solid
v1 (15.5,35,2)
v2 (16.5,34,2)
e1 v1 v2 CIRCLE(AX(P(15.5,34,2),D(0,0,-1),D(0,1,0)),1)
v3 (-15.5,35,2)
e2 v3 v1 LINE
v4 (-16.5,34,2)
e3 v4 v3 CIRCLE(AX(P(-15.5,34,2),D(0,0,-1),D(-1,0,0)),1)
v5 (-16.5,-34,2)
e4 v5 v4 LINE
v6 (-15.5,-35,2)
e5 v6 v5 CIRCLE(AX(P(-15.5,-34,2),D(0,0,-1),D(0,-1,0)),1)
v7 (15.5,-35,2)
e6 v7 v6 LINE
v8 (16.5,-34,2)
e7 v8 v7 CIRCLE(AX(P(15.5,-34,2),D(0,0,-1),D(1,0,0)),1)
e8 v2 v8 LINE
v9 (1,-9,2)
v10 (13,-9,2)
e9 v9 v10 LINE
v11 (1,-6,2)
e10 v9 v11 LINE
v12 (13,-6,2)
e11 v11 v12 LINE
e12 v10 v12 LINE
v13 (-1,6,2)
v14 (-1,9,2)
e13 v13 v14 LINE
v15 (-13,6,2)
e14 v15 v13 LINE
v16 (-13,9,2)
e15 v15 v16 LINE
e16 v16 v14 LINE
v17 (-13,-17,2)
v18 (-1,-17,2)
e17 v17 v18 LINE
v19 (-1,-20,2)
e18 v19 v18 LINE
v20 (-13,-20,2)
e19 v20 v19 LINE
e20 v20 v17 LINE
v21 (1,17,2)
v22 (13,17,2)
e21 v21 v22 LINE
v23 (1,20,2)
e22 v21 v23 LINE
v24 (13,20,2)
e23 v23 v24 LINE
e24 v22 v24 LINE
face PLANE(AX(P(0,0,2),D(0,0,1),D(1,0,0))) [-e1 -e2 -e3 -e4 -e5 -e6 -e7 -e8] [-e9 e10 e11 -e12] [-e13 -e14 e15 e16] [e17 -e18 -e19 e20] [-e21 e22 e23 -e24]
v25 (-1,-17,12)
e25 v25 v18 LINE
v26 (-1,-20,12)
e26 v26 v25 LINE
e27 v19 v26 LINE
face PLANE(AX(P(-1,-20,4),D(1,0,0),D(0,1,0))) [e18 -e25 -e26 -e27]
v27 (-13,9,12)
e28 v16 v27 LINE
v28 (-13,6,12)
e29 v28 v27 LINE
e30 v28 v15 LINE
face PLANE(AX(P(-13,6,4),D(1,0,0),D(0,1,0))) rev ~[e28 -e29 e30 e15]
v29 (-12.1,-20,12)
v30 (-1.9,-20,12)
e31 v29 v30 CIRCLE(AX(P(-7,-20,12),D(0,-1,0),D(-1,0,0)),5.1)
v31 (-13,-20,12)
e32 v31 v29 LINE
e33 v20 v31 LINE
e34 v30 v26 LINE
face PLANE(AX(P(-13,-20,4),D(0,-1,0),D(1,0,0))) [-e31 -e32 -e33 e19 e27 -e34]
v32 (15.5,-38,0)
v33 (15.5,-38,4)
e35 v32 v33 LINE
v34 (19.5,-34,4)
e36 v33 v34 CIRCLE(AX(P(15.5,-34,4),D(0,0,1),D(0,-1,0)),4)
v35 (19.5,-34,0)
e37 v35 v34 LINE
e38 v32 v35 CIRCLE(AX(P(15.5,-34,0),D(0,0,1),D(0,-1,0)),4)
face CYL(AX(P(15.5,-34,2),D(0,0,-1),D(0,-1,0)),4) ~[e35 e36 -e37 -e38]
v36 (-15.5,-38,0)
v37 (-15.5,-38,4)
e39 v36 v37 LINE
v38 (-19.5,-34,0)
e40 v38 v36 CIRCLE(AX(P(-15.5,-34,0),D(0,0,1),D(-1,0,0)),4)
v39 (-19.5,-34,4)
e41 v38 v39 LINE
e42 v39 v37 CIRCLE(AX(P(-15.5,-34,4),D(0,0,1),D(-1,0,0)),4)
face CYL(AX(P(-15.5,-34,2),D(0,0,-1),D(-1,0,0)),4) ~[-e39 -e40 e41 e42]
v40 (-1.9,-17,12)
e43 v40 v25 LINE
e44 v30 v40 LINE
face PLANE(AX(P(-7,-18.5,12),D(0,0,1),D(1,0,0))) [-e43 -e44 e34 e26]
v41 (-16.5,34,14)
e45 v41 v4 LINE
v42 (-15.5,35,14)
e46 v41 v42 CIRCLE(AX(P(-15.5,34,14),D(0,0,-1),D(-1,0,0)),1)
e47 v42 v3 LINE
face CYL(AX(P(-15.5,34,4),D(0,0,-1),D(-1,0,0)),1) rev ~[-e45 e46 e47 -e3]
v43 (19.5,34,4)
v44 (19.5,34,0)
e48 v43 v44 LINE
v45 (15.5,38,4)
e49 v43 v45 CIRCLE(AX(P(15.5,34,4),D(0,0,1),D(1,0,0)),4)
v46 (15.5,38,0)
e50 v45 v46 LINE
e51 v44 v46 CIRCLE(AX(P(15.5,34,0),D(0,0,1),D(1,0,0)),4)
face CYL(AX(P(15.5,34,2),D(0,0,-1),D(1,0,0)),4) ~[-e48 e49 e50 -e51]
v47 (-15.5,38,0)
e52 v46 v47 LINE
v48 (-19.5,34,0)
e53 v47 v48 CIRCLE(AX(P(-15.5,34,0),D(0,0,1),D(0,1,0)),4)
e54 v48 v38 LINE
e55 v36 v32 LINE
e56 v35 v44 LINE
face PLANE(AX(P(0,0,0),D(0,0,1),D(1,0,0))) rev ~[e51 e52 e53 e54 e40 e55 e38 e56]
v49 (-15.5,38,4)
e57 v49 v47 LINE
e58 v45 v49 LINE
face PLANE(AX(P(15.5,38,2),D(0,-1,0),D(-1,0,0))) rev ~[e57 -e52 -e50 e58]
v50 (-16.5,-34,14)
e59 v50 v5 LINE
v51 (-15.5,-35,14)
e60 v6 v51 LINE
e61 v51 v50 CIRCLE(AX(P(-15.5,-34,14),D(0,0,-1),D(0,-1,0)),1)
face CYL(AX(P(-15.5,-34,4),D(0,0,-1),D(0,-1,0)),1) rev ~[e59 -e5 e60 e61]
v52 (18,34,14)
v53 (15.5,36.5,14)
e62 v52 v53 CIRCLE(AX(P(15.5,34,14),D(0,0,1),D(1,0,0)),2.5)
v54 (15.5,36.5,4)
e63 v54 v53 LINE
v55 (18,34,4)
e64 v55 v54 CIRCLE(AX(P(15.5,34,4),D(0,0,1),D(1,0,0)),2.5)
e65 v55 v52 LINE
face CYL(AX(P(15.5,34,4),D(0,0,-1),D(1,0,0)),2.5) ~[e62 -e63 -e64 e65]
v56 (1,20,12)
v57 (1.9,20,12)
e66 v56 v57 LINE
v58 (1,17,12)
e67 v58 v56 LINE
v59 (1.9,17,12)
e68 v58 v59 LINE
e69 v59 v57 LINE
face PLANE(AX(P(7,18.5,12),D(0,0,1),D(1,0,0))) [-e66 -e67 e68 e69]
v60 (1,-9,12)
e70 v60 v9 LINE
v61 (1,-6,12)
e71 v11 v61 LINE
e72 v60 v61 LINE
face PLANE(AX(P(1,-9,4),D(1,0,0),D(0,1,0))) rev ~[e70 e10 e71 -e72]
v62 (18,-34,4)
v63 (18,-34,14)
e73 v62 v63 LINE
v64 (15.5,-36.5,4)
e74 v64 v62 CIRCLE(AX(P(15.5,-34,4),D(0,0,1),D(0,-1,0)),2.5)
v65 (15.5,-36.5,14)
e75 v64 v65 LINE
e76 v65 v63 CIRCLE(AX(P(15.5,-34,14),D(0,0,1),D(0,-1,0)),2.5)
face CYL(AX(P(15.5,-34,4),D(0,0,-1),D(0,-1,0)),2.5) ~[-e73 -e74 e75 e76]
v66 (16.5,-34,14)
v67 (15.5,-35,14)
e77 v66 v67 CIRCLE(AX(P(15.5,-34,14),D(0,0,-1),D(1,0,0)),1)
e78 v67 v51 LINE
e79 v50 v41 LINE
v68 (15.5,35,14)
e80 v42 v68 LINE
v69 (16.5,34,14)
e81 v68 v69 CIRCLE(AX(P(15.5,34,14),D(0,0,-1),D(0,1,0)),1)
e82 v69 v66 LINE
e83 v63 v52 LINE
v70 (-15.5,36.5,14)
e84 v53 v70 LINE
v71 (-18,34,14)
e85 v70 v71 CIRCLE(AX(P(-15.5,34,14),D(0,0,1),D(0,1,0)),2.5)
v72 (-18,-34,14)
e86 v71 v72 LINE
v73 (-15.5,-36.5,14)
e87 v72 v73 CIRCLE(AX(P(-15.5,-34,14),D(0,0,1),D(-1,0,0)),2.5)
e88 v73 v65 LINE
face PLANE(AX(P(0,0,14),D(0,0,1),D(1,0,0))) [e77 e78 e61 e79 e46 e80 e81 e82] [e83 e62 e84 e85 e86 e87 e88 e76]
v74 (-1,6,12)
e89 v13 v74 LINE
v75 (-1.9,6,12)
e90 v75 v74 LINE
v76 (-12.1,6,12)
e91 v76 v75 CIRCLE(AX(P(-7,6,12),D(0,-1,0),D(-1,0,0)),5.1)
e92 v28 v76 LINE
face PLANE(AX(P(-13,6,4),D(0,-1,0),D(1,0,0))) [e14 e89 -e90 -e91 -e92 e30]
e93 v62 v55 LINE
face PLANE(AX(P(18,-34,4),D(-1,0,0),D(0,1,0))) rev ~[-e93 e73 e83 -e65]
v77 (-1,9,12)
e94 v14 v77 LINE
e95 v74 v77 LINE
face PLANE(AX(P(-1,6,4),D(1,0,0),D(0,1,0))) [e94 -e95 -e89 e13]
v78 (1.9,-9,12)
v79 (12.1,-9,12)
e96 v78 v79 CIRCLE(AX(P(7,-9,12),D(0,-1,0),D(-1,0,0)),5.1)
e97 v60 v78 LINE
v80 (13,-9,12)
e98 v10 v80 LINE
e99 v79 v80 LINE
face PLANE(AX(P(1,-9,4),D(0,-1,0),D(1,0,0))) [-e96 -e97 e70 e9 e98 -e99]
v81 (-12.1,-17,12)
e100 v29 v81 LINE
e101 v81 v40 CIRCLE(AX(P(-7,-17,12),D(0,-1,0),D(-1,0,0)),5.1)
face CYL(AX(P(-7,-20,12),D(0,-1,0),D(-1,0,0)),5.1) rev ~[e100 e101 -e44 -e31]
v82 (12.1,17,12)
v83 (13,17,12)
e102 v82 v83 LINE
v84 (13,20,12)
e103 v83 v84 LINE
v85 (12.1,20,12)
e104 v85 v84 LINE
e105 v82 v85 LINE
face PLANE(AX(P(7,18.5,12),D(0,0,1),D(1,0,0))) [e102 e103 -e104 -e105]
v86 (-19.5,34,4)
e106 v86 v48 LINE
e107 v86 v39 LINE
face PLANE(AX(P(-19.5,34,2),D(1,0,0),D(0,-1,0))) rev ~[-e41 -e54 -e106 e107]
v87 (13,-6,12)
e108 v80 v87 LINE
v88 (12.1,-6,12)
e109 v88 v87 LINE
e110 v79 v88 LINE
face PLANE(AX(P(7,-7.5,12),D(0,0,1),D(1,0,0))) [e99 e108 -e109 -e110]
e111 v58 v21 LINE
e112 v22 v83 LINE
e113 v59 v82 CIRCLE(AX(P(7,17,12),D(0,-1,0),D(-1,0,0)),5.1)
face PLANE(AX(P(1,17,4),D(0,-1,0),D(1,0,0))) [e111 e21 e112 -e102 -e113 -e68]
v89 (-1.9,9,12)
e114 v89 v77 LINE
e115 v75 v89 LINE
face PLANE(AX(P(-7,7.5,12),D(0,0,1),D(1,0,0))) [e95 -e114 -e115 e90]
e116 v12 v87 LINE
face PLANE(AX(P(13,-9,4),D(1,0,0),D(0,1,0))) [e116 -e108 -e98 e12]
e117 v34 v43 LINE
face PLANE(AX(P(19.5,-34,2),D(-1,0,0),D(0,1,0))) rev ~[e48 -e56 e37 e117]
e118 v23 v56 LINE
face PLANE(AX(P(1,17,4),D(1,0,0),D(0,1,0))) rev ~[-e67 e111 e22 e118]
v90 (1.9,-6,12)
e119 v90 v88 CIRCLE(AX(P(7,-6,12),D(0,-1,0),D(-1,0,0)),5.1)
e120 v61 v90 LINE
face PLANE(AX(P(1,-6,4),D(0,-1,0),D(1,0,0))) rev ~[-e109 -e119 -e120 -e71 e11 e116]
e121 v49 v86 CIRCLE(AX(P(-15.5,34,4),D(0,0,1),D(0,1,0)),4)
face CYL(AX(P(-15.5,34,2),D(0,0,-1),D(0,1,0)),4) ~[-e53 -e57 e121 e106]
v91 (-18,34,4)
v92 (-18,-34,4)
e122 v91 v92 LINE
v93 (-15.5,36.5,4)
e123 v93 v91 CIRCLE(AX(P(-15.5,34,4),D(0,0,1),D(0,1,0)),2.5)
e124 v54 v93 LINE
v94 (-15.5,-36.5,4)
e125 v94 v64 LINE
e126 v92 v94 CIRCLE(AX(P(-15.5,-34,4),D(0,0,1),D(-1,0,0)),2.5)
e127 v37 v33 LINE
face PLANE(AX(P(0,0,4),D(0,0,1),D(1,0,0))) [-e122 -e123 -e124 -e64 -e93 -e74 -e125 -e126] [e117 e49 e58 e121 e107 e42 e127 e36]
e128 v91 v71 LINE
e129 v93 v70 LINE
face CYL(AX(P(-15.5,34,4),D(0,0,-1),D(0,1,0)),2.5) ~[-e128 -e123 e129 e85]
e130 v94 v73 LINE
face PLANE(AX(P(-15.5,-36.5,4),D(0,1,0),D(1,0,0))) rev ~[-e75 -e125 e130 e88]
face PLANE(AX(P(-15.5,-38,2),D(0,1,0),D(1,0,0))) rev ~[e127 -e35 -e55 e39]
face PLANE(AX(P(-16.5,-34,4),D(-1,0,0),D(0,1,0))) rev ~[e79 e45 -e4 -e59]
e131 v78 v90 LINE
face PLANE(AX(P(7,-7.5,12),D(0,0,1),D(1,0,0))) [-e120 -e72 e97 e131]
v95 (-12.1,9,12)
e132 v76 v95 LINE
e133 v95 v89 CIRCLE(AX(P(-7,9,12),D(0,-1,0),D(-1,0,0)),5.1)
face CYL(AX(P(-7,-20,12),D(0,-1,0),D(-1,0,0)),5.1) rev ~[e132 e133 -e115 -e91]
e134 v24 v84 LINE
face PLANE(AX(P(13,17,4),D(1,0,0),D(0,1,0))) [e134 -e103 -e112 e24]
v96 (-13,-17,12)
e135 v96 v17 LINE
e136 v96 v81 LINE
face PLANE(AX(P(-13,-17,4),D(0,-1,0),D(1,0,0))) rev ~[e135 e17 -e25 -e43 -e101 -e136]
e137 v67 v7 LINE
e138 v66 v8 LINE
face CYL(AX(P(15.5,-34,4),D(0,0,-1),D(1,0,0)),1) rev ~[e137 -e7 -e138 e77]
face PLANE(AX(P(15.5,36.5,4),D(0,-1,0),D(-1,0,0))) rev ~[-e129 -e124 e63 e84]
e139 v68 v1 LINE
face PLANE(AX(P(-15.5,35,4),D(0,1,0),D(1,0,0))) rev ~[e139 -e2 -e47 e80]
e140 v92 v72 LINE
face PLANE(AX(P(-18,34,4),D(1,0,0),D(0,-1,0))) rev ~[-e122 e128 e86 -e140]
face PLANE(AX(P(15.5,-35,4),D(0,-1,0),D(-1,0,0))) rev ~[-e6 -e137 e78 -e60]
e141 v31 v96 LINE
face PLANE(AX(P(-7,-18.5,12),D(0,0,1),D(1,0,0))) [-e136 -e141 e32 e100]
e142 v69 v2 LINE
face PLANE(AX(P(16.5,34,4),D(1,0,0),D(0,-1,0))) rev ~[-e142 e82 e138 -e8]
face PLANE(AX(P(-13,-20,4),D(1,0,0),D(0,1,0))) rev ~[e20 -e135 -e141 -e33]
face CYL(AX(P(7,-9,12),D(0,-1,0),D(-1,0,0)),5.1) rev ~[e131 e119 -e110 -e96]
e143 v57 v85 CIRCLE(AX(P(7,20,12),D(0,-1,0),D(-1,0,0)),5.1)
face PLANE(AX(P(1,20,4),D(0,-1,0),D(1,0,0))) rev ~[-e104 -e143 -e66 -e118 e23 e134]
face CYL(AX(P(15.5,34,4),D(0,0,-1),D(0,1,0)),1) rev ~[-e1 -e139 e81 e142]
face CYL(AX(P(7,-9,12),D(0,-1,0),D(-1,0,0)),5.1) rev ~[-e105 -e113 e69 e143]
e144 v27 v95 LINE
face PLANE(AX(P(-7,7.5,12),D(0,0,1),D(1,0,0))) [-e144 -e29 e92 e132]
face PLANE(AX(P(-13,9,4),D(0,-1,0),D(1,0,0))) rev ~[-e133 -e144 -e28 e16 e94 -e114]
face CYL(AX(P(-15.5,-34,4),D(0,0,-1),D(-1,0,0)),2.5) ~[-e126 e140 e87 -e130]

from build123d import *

# Parameters (mm, degrees)
F1_DEPTH      = 2
F3_DEPTH      = 2
F5_W          = 12
F5_H          = 3
F6_DEPTH      = 8
F6_DEPTH_BACK = 2
F8_DEPTH      = 50
F10_DEPTH     = 50
F11_DEPTH     = 10


with BuildPart() as f1:
    # F0 (on Top) → F1 (new body)
    with BuildSketch(Plane.XY):
        with BuildLine():
            Line((-15.5, -38), (15.5, -38))
            ThreePointArc((15.5, -38), (18.3284271247, -36.8284271247), (19.5, -34))
            Line((19.5, -34), (19.5, 34))
            ThreePointArc((19.5, 34), (18.3284271247, 36.8284271247), (15.5, 38))
            Line((15.5, 38), (-15.5, 38))
            ThreePointArc((-15.5, 38), (-18.3284271247, 36.8284271247), (-19.5, 34))
            Line((-19.5, 34), (-19.5, -34))
            ThreePointArc((-19.5, -34), (-18.3284271247, -36.8284271247), (-15.5, -38))
        make_face()
    extrude(amount=F1_DEPTH)

    # F2 (on face) → F3 (join)
    with BuildSketch(Plane.XY.offset(2)):
        with BuildLine():
            Line((-19.5, 34), (-19.5, -34))
            ThreePointArc((-19.5, -34), (-18.3284271247, -36.8284271247), (-15.5, -38))
            Line((-15.5, -38), (15.5, -38))
            ThreePointArc((15.5, -38), (18.3284271247, -36.8284271247), (19.5, -34))
            Line((19.5, -34), (19.5, 34))
            ThreePointArc((19.5, 34), (18.3284271247, 36.8284271247), (15.5, 38))
            Line((15.5, 38), (-15.5, 38))
            ThreePointArc((-15.5, 38), (-18.3284271247, 36.8284271247), (-19.5, 34))
        make_face()
        with BuildLine():
            ThreePointArc((-15.5, -34.9999999106), (-16.207106718, -34.707106718), (-16.4999999106, -34))
            Line((-16.4999999106, -34), (-16.4999999106, 34))
            ThreePointArc((-16.4999999106, 34), (-16.207106718, 34.707106718), (-15.5, 34.9999999106))
            Line((-15.5, 34.9999999106), (15.5, 34.9999999106))
            ThreePointArc((15.5, 34.9999999106), (16.207106718, 34.707106718), (16.4999999106, 34))
            Line((16.4999999106, 34), (16.4999999106, -34))
            ThreePointArc((16.4999999106, -34), (16.207106718, -34.707106718), (15.5, -34.9999999106))
            Line((15.5, -34.9999999106), (-15.5, -34.9999999106))
        make_face(mode=Mode.SUBTRACT)
    extrude(amount=F3_DEPTH)

    # F5 (on face) → F6 (join, two sides)
    with BuildSketch(Plane.XY.offset(4)) as f6_sk:
        with Locations((-7, -18.4999999106)):
            Rectangle(F5_W, F5_H)
        with Locations((-7, 7.5000000894)):
            Rectangle(F5_W, F5_H)
        with Locations((7, 18.4999999106)):
            Rectangle(F5_W, F5_H)
        with Locations((7, -7.5000000894)):
            Rectangle(F5_W, F5_H)
    extrude(amount=F6_DEPTH)
    extrude(f6_sk.sketch, amount=-F6_DEPTH_BACK)

    # F7 (on face) → F8 (cut)
    with BuildSketch(Plane.XZ.offset(19.9999999106)):
        with BuildLine():
            Line((-1.9, 12), (-12.1, 12))
            ThreePointArc((-12.1, 12), (-7, 6.9), (-1.9, 12))
        make_face()
    extrude(amount=-F8_DEPTH, mode=Mode.SUBTRACT)

    # F9 (on face) → F10 (cut)
    with BuildSketch(Plane.XZ.offset(9.0000000894)):
        with BuildLine():
            Line((12.1, 12), (1.9, 12))
            ThreePointArc((1.9, 12), (7, 6.9), (12.1, 12))
        make_face()
    extrude(amount=-F10_DEPTH, mode=Mode.SUBTRACT)

    # F4 (on face) → F11 (join)
    with BuildSketch(Plane.XY.offset(4)):
        with BuildLine():
            Line((-18, 34), (-18, -34))
            ThreePointArc((-18, -34), (-17.267766953, -35.767766953), (-15.5, -36.5))
            Line((-15.5, -36.5), (15.5, -36.5))
            ThreePointArc((15.5, -36.5), (17.267766953, -35.767766953), (18, -34))
            Line((18, -34), (18, 34))
            ThreePointArc((18, 34), (17.267766953, 35.767766953), (15.5, 36.5))
            Line((15.5, 36.5), (-15.5, 36.5))
            ThreePointArc((-15.5, 36.5), (-17.267766953, 35.767766953), (-18, 34))
        make_face()
        with BuildLine():
            ThreePointArc((-15.5, -34.9999999106), (-16.207106718, -34.707106718), (-16.4999999106, -34))
            Line((-16.4999999106, -34), (-16.4999999106, 34))
            ThreePointArc((-16.4999999106, 34), (-16.207106718, 34.707106718), (-15.5, 34.9999999106))
            Line((-15.5, 34.9999999106), (15.5, 34.9999999106))
            ThreePointArc((15.5, 34.9999999106), (16.207106718, 34.707106718), (16.4999999106, 34))
            Line((16.4999999106, 34), (16.4999999106, -34))
            ThreePointArc((16.4999999106, -34), (16.207106718, -34.707106718), (15.5, -34.9999999106))
            Line((15.5, -34.9999999106), (-15.5, -34.9999999106))
        make_face(mode=Mode.SUBTRACT)
    extrude(amount=F11_DEPTH)


solid = f1.part
